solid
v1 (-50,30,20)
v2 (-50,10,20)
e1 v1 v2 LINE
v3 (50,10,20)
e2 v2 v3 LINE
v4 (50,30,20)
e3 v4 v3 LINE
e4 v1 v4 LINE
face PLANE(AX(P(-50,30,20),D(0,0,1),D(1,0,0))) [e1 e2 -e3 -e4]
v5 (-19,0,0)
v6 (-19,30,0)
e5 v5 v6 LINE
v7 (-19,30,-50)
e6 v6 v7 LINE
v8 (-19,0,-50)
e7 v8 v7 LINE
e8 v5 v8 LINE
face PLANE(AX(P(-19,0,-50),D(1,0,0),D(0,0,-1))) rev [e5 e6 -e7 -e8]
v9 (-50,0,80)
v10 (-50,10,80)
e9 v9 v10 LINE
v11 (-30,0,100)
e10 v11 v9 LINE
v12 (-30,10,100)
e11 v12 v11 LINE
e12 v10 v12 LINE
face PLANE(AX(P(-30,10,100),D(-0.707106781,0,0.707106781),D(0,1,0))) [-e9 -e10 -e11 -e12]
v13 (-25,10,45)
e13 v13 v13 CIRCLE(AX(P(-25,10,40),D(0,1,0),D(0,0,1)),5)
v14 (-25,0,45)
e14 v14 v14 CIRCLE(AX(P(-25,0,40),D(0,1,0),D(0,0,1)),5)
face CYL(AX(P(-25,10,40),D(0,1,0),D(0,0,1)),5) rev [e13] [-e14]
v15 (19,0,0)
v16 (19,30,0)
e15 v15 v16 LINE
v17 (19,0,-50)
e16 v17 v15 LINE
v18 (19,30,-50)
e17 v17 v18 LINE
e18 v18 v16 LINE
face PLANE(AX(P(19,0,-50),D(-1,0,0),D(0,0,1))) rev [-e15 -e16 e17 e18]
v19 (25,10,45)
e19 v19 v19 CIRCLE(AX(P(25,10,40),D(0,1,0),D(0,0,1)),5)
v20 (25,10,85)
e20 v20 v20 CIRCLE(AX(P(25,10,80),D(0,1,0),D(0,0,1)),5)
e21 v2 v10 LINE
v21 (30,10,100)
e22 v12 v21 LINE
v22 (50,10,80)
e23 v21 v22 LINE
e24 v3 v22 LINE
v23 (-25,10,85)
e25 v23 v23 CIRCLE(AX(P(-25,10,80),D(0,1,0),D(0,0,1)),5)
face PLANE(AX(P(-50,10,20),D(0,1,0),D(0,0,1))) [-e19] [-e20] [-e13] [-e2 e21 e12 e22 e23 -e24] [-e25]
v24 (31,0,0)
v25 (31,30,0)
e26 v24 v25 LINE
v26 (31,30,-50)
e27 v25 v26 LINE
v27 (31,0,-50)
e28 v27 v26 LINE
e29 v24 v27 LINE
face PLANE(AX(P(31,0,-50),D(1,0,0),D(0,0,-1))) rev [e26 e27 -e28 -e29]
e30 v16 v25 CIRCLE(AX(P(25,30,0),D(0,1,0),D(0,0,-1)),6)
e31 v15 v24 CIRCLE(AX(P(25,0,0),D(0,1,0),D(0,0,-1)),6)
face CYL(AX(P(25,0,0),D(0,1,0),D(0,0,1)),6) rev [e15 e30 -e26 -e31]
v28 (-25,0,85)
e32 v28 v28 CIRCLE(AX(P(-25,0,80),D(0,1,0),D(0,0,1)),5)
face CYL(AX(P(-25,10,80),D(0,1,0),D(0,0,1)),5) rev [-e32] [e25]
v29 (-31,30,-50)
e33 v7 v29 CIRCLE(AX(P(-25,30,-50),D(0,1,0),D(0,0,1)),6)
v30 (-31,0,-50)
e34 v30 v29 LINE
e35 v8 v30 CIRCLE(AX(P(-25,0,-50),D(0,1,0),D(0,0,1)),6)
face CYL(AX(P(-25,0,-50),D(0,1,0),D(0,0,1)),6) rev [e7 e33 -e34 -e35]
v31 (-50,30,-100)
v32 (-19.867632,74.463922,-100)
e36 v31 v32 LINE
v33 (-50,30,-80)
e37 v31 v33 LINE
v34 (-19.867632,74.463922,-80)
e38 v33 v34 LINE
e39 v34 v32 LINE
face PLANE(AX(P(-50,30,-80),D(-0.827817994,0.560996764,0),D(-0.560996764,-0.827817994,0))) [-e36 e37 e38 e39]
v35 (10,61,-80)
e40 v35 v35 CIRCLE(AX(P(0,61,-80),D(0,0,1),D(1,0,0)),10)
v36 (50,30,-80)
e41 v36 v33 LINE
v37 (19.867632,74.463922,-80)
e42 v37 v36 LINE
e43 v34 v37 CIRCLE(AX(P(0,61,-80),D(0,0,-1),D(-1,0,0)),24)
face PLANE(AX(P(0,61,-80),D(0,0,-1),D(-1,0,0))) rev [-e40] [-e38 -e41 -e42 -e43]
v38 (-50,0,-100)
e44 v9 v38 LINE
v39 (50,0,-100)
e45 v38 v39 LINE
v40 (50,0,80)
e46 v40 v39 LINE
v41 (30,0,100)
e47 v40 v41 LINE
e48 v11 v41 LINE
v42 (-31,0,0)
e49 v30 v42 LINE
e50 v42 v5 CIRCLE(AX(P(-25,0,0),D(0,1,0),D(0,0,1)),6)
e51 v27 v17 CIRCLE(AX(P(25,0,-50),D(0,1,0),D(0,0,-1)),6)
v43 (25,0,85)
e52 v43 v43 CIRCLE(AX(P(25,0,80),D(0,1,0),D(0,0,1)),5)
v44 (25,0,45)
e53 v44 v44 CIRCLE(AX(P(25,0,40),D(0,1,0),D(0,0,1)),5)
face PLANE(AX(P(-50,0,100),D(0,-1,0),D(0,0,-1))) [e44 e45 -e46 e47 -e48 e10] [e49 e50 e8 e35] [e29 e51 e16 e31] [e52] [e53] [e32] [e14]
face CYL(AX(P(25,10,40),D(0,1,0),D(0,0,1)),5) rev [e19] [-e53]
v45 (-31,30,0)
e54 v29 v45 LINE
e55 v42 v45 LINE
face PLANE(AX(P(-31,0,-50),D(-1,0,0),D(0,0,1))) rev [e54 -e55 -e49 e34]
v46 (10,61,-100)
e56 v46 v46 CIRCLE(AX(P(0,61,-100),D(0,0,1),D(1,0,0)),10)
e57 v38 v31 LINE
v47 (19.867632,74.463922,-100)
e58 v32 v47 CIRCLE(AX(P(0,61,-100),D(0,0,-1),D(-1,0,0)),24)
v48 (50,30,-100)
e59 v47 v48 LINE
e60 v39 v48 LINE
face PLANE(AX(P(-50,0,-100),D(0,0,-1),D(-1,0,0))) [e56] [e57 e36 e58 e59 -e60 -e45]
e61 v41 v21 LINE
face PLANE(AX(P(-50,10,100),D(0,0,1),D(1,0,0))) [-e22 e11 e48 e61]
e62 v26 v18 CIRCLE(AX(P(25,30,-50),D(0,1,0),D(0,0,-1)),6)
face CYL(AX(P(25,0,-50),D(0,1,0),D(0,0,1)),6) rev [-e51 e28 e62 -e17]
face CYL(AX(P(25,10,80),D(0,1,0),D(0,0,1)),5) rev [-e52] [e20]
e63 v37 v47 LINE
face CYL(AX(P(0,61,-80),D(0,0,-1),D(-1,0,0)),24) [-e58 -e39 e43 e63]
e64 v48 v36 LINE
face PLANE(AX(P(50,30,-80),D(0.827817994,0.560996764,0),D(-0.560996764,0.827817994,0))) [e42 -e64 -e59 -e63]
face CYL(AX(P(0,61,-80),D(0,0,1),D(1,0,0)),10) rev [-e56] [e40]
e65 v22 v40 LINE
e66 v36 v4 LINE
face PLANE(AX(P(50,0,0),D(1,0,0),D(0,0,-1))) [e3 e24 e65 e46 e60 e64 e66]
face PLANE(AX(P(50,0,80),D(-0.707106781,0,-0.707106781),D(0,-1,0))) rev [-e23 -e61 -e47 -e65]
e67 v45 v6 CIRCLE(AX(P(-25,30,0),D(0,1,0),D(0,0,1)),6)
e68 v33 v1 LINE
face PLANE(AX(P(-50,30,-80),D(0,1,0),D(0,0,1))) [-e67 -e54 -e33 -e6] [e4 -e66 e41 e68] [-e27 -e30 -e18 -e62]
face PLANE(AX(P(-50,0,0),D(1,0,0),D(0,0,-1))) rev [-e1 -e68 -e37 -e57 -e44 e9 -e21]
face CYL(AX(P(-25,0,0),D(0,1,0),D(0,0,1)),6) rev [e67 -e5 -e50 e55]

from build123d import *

# Parameters (mm, degrees)
BOSS_EXTRUDE1_DEPTH      = 50
BOSS_EXTRUDE1_DEPTH_BACK = 50
CHAMFER1_SIZE            = 20
HOLE1_D                  = 10
CUT_EXTRUDE1_DEPTH       = 125.599357944
SKETCH7_W                = 100
SKETCH7_H                = 55
CUT_EXTRUDE2_DEPTH       = 206.243757518
BOSS_EXTRUDE2_DEPTH      = 20
HOLE2_D                  = 20


with BuildPart() as part:
    # Sketch1 → Boss-Extrude1 (new, two sides: drawn at the far end of the back side and taken through both)
    with BuildSketch(Plane(origin=(0, 0, 0), x_dir=(0, 0, -1), z_dir=(1, 0, 0)).offset(-BOSS_EXTRUDE1_DEPTH_BACK)):
        Polygon((-100, 0), (100, 0), (100, 85), (80, 85), (80, 30), (-20, 30), (-20, 10), (-100, 10), align=None)
    extrude(amount=BOSS_EXTRUDE1_DEPTH + BOSS_EXTRUDE1_DEPTH_BACK)

    # Chamfer1
    chamfer1_edges = [part.edges().sort_by_distance(p)[0] for p in [
        (50, 5, 100),
        (-50, 5, 100),
    ]]
    chamfer(chamfer1_edges, length=CHAMFER1_SIZE)

    # Hole1 (through all)
    with Locations(Plane(origin=(0, 10, 0), x_dir=(1, 0, 0), z_dir=(0, 1, 0))):
        with Locations((-25, -40), (-25, -80)):
            hole1 = Hole(HOLE1_D / 2)

    # Mirror1: Hole1 across plane
    add(hole1.mirror(Plane(origin=(0, 0, 0), x_dir=(0, 0, 1), z_dir=(1, 0, 0))), mode=Mode.SUBTRACT)

    # Sketch4 → Cut-Extrude1 (cut, through all)
    with BuildSketch(Plane(origin=(0, 30, 0), x_dir=(1, 0, 0), z_dir=(0, 1, 0))):
        with BuildLine():
            Line((-19, 50), (-19, 0))
            ThreePointArc((-19, 0), (-25, -6), (-31, 0))
            Line((-31, 0), (-31, 50))
            ThreePointArc((-31, 50), (-25, 56), (-19, 50))
        make_face()
        with BuildLine():
            Line((19, 50), (19, 0))
            ThreePointArc((19, 0), (25, -6), (31, 0))
            Line((31, 0), (31, 50))
            ThreePointArc((31, 50), (25, 56), (19, 50))
        make_face()
    extrude(amount=-CUT_EXTRUDE1_DEPTH, mode=Mode.SUBTRACT)

    # Sketch7 → Cut-Extrude2 (cut, through all)
    with BuildSketch(Plane.XY.offset(-80)):
        with Locations((0, 57.5)):
            Rectangle(SKETCH7_W, SKETCH7_H)
    extrude(amount=-CUT_EXTRUDE2_DEPTH, mode=Mode.SUBTRACT)

    # Sketch8 → Boss-Extrude2 (add)
    with BuildSketch(Plane(origin=(0, 0, -100), x_dir=(-1, 0, 0), z_dir=(0, 0, -1))):
        with BuildLine():
            Line((50, 30), (-50, 30))
            Line((-50, 30), (-19.867631849, 74.463922337))
            ThreePointArc((-19.867631849, 74.463922337), (0, 85), (19.867631849, 74.463922337))
            Line((19.867631849, 74.463922337), (50, 30))
        make_face()
    extrude(amount=-BOSS_EXTRUDE2_DEPTH)

    # Hole2 (through all)
    with Locations(Plane.XY.offset(-80)):
        with Locations((0, 61)):
            Hole(HOLE2_D / 2)


solid = part.part
